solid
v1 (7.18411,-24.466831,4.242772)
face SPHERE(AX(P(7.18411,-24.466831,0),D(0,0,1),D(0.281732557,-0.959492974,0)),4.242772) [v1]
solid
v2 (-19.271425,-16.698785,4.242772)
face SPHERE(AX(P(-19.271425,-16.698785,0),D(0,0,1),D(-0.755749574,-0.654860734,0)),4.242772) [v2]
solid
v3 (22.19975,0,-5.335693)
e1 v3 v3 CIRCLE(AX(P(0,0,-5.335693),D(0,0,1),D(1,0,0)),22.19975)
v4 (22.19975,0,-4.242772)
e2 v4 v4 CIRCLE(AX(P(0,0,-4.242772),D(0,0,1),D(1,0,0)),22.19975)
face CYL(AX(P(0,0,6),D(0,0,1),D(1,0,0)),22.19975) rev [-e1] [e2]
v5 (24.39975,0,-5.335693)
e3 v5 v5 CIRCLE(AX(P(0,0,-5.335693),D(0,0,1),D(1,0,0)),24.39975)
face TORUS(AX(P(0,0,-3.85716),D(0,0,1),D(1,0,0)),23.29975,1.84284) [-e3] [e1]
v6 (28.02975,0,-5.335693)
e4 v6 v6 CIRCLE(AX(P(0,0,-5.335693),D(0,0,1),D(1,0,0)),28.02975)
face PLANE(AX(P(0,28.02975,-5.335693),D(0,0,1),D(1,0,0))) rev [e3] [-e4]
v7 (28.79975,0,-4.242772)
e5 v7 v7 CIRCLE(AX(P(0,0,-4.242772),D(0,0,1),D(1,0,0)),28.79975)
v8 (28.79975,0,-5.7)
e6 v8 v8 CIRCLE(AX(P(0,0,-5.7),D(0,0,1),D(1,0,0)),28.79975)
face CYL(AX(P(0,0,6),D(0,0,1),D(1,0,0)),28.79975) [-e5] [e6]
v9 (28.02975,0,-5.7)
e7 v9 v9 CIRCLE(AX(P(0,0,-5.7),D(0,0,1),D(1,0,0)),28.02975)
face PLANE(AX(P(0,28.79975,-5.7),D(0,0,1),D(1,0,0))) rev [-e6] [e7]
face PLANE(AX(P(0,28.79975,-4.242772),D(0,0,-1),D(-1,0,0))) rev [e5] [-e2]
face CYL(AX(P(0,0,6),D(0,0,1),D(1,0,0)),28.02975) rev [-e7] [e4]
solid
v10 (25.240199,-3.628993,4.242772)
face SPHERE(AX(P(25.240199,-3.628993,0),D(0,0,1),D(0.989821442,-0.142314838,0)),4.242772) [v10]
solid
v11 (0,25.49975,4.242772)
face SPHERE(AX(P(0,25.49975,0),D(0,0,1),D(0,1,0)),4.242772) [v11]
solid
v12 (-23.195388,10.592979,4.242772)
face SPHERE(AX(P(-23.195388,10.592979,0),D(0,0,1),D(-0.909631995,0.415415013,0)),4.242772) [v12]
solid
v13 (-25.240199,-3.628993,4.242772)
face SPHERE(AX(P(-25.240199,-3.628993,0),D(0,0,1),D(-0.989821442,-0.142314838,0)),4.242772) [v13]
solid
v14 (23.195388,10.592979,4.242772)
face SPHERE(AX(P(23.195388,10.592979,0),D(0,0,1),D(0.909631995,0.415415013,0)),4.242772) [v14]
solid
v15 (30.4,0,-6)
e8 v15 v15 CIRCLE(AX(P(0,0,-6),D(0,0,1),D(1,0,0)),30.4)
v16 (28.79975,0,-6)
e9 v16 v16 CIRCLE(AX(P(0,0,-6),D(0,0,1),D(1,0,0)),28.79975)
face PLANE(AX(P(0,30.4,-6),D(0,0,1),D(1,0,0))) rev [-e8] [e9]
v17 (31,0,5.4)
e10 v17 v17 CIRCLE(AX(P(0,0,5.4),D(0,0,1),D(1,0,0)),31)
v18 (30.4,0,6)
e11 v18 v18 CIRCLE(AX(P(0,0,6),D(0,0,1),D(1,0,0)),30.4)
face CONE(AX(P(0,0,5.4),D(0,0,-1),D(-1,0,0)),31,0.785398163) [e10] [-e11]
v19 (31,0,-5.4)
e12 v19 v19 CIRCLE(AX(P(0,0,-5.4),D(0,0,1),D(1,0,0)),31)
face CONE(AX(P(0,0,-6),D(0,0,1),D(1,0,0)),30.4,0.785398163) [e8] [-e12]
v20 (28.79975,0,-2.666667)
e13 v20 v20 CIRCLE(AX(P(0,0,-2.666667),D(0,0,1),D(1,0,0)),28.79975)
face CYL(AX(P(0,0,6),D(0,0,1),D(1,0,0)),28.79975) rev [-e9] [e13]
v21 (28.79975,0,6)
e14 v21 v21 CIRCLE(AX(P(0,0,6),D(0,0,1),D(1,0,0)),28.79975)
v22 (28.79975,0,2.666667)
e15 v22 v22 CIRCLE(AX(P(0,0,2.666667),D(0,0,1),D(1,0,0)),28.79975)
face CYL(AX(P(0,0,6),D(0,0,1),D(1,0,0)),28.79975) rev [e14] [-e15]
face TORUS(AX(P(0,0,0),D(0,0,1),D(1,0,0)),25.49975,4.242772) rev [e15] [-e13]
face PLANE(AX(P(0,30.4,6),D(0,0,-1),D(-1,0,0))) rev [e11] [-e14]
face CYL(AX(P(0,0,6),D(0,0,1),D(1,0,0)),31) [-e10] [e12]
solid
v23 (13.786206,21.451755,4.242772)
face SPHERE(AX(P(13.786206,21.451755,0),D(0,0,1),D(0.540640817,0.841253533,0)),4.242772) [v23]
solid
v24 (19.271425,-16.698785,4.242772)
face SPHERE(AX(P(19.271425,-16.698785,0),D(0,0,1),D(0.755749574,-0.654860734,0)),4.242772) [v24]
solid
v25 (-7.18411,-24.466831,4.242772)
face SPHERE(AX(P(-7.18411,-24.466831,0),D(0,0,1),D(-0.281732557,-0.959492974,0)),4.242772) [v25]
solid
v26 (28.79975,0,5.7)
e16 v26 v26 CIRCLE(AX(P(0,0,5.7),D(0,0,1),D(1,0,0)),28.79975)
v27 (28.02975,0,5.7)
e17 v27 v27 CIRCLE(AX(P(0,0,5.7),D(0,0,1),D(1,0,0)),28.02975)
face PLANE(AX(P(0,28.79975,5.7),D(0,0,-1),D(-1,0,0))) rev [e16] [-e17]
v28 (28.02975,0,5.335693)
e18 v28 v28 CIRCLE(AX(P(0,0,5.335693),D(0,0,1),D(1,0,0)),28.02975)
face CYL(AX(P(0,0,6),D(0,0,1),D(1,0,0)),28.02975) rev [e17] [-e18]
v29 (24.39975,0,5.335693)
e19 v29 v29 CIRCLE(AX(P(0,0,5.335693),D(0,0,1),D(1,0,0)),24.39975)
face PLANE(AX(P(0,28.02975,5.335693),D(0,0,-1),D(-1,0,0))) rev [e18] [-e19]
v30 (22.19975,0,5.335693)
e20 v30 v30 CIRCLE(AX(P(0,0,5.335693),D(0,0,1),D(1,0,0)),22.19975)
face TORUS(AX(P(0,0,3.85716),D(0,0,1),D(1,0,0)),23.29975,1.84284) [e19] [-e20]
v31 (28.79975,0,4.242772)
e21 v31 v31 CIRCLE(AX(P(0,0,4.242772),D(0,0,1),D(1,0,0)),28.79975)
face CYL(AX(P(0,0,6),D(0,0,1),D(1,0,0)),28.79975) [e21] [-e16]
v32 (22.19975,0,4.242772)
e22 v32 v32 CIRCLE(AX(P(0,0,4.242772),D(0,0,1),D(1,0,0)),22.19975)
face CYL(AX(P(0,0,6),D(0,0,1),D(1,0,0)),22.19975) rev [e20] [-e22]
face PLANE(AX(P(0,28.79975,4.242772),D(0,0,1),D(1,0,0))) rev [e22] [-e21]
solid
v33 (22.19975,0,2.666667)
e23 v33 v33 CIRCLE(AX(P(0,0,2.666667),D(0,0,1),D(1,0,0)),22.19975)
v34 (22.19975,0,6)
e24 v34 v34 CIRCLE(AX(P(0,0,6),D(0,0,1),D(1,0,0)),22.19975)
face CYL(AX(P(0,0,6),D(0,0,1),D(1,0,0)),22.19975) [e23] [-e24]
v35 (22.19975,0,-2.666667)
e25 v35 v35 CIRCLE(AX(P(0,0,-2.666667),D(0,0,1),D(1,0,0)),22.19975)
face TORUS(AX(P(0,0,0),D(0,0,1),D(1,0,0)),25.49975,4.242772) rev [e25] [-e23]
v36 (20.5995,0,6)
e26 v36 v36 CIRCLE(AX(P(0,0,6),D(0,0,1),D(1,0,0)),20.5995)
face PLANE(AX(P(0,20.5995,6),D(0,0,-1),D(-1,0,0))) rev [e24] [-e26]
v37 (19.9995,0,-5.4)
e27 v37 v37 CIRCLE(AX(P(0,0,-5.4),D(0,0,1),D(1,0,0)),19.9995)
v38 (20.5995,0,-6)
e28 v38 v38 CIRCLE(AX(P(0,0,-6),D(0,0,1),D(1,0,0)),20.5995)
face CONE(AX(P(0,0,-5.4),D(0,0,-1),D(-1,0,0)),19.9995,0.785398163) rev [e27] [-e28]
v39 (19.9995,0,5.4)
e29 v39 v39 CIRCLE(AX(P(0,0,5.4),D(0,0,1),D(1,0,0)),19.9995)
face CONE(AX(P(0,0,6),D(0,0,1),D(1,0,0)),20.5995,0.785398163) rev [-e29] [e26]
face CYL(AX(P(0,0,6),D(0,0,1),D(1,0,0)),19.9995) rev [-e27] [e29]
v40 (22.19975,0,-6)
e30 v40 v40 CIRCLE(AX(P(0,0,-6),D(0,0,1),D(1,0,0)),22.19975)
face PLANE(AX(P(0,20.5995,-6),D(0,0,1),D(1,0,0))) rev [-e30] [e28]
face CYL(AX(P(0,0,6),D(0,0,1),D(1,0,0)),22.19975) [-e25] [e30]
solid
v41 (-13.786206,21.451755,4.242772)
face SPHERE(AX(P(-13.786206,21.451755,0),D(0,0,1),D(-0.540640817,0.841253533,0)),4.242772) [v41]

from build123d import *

# Parameters (mm, degrees)
CIRPATTERN1_COUNT = 11


with BuildPart() as part:
    # Sketch3 → Revolve1 (revolve)
    with BuildSketch(Plane(origin=(0, 0, 0), x_dir=(0, 0, -1), z_dir=(1, 0, 0)), mode=Mode.PRIVATE) as revolve1_sk:
        with BuildLine():
            Line((-6, 30.4), (-6, 28.79975))
            Line((-6, 28.79975), (-2.666666667, 28.79975))
            ThreePointArc((-2.666666667, 28.79975), (0, 29.742521631), (2.666666667, 28.79975))
            Line((2.666666667, 28.79975), (6, 28.79975))
            Line((6, 28.79975), (6, 30.4))
            Line((6, 30.4), (5.4, 31))
            Line((5.4, 31), (-5.4, 31))
            Line((-5.4, 31), (-6, 30.4))
        make_face()
        with BuildLine():
            Line((-6, 20.5995), (-6, 22.19975))
            Line((-6, 22.19975), (-2.666666667, 22.19975))
            ThreePointArc((-2.666666667, 22.19975), (0, 21.256978369), (2.666666667, 22.19975))
            Line((2.666666667, 22.19975), (6, 22.19975))
            Line((6, 22.19975), (6, 20.5995))
            Line((6, 20.5995), (5.4, 19.9995))
            Line((5.4, 19.9995), (-5.4, 19.9995))
            Line((-5.4, 19.9995), (-6, 20.5995))
        make_face()
    revolve(revolve1_sk.sketch.rotate(Axis((0, 0, 6), (0, 0, -1)), 90), axis=Axis((0, 0, 6), (0, 0, -1)))


with BuildPart() as body_2:
    # Sketch4 → Revolve2 (revolve)
    with BuildSketch(Plane(origin=(0, 0, 0), x_dir=(0, 0, -1), z_dir=(1, 0, 0))):
        with BuildLine():
            Line((-4.242771631, 25.49975), (4.242771631, 25.49975))
            ThreePointArc((4.242771631, 25.49975), (0, 29.742521631), (-4.242771631, 25.49975))
        make_face()
    revolve(axis=Axis((0, 25.49975, 4.242771631), (0, 0, -1)))


with BuildPart() as cirpattern1_1:
    # CirPattern1: pattern copy
    add(body_2.part.rotate(Axis((0, 0, 0), (0, 0, 1)), 1 * 360 / CIRPATTERN1_COUNT))


with BuildPart() as cirpattern1_2:
    # CirPattern1: pattern copy
    add(body_2.part.rotate(Axis((0, 0, 0), (0, 0, 1)), 2 * 360 / CIRPATTERN1_COUNT))


with BuildPart() as cirpattern1_3:
    # CirPattern1: pattern copy
    add(body_2.part.rotate(Axis((0, 0, 0), (0, 0, 1)), 3 * 360 / CIRPATTERN1_COUNT))


with BuildPart() as cirpattern1_4:
    # CirPattern1: pattern copy
    add(body_2.part.rotate(Axis((0, 0, 0), (0, 0, 1)), 4 * 360 / CIRPATTERN1_COUNT))


with BuildPart() as cirpattern1_5:
    # CirPattern1: pattern copy
    add(body_2.part.rotate(Axis((0, 0, 0), (0, 0, 1)), 5 * 360 / CIRPATTERN1_COUNT))


with BuildPart() as cirpattern1_6:
    # CirPattern1: pattern copy
    add(body_2.part.rotate(Axis((0, 0, 0), (0, 0, 1)), 6 * 360 / CIRPATTERN1_COUNT))


with BuildPart() as cirpattern1_7:
    # CirPattern1: pattern copy
    add(body_2.part.rotate(Axis((0, 0, 0), (0, 0, 1)), 7 * 360 / CIRPATTERN1_COUNT))


with BuildPart() as cirpattern1_8:
    # CirPattern1: pattern copy
    add(body_2.part.rotate(Axis((0, 0, 0), (0, 0, 1)), 8 * 360 / CIRPATTERN1_COUNT))


with BuildPart() as cirpattern1_9:
    # CirPattern1: pattern copy
    add(body_2.part.rotate(Axis((0, 0, 0), (0, 0, 1)), 9 * 360 / CIRPATTERN1_COUNT))


with BuildPart() as cirpattern1_10:
    # CirPattern1: pattern copy
    add(body_2.part.rotate(Axis((0, 0, 0), (0, 0, 1)), 10 * 360 / CIRPATTERN1_COUNT))


with BuildPart() as body_13:
    # Sketch5 → Revolve3 (revolve)
    with BuildSketch(Plane(origin=(0, 0, 0), x_dir=(0, 0, -1), z_dir=(1, 0, 0)), mode=Mode.PRIVATE) as revolve3_sk:
        with BuildLine():
            Line((-5.7, 28.79975), (-4.242771631, 28.79975))
            Line((-4.242771631, 28.79975), (-4.242771631, 22.19975))
            Line((-4.242771631, 22.19975), (-5.335692908, 22.19975))
            ThreePointArc((-5.335692908, 22.19975), (-5.7, 23.29975), (-5.335692908, 24.39975))
            Line((-5.335692908, 24.39975), (-5.335692908, 28.02975))
            Line((-5.335692908, 28.02975), (-5.7, 28.02975))
            Line((-5.7, 28.02975), (-5.7, 28.79975))
        make_face()
        with BuildLine():
            Line((5.335692908, 22.19975), (4.242771631, 22.19975))
            Line((4.242771631, 22.19975), (4.242771631, 28.79975))
            Line((4.242771631, 28.79975), (5.7, 28.79975))
            Line((5.7, 28.79975), (5.7, 28.02975))
            Line((5.7, 28.02975), (5.335692908, 28.02975))
            Line((5.335692908, 28.02975), (5.335692908, 24.39975))
            ThreePointArc((5.335692908, 24.39975), (5.7, 23.29975), (5.335692908, 22.19975))
        make_face()
    revolve(revolve3_sk.sketch.rotate(Axis((0, 0, 6), (0, 0, -1)), 90), axis=Axis((0, 0, 6), (0, 0, -1)))


solid = Compound([part.part, body_2.part, cirpattern1_1.part, cirpattern1_2.part, cirpattern1_3.part, cirpattern1_4.part, cirpattern1_5.part, cirpattern1_6.part, cirpattern1_7.part, cirpattern1_8.part, cirpattern1_9.part, cirpattern1_10.part, body_13.part])
